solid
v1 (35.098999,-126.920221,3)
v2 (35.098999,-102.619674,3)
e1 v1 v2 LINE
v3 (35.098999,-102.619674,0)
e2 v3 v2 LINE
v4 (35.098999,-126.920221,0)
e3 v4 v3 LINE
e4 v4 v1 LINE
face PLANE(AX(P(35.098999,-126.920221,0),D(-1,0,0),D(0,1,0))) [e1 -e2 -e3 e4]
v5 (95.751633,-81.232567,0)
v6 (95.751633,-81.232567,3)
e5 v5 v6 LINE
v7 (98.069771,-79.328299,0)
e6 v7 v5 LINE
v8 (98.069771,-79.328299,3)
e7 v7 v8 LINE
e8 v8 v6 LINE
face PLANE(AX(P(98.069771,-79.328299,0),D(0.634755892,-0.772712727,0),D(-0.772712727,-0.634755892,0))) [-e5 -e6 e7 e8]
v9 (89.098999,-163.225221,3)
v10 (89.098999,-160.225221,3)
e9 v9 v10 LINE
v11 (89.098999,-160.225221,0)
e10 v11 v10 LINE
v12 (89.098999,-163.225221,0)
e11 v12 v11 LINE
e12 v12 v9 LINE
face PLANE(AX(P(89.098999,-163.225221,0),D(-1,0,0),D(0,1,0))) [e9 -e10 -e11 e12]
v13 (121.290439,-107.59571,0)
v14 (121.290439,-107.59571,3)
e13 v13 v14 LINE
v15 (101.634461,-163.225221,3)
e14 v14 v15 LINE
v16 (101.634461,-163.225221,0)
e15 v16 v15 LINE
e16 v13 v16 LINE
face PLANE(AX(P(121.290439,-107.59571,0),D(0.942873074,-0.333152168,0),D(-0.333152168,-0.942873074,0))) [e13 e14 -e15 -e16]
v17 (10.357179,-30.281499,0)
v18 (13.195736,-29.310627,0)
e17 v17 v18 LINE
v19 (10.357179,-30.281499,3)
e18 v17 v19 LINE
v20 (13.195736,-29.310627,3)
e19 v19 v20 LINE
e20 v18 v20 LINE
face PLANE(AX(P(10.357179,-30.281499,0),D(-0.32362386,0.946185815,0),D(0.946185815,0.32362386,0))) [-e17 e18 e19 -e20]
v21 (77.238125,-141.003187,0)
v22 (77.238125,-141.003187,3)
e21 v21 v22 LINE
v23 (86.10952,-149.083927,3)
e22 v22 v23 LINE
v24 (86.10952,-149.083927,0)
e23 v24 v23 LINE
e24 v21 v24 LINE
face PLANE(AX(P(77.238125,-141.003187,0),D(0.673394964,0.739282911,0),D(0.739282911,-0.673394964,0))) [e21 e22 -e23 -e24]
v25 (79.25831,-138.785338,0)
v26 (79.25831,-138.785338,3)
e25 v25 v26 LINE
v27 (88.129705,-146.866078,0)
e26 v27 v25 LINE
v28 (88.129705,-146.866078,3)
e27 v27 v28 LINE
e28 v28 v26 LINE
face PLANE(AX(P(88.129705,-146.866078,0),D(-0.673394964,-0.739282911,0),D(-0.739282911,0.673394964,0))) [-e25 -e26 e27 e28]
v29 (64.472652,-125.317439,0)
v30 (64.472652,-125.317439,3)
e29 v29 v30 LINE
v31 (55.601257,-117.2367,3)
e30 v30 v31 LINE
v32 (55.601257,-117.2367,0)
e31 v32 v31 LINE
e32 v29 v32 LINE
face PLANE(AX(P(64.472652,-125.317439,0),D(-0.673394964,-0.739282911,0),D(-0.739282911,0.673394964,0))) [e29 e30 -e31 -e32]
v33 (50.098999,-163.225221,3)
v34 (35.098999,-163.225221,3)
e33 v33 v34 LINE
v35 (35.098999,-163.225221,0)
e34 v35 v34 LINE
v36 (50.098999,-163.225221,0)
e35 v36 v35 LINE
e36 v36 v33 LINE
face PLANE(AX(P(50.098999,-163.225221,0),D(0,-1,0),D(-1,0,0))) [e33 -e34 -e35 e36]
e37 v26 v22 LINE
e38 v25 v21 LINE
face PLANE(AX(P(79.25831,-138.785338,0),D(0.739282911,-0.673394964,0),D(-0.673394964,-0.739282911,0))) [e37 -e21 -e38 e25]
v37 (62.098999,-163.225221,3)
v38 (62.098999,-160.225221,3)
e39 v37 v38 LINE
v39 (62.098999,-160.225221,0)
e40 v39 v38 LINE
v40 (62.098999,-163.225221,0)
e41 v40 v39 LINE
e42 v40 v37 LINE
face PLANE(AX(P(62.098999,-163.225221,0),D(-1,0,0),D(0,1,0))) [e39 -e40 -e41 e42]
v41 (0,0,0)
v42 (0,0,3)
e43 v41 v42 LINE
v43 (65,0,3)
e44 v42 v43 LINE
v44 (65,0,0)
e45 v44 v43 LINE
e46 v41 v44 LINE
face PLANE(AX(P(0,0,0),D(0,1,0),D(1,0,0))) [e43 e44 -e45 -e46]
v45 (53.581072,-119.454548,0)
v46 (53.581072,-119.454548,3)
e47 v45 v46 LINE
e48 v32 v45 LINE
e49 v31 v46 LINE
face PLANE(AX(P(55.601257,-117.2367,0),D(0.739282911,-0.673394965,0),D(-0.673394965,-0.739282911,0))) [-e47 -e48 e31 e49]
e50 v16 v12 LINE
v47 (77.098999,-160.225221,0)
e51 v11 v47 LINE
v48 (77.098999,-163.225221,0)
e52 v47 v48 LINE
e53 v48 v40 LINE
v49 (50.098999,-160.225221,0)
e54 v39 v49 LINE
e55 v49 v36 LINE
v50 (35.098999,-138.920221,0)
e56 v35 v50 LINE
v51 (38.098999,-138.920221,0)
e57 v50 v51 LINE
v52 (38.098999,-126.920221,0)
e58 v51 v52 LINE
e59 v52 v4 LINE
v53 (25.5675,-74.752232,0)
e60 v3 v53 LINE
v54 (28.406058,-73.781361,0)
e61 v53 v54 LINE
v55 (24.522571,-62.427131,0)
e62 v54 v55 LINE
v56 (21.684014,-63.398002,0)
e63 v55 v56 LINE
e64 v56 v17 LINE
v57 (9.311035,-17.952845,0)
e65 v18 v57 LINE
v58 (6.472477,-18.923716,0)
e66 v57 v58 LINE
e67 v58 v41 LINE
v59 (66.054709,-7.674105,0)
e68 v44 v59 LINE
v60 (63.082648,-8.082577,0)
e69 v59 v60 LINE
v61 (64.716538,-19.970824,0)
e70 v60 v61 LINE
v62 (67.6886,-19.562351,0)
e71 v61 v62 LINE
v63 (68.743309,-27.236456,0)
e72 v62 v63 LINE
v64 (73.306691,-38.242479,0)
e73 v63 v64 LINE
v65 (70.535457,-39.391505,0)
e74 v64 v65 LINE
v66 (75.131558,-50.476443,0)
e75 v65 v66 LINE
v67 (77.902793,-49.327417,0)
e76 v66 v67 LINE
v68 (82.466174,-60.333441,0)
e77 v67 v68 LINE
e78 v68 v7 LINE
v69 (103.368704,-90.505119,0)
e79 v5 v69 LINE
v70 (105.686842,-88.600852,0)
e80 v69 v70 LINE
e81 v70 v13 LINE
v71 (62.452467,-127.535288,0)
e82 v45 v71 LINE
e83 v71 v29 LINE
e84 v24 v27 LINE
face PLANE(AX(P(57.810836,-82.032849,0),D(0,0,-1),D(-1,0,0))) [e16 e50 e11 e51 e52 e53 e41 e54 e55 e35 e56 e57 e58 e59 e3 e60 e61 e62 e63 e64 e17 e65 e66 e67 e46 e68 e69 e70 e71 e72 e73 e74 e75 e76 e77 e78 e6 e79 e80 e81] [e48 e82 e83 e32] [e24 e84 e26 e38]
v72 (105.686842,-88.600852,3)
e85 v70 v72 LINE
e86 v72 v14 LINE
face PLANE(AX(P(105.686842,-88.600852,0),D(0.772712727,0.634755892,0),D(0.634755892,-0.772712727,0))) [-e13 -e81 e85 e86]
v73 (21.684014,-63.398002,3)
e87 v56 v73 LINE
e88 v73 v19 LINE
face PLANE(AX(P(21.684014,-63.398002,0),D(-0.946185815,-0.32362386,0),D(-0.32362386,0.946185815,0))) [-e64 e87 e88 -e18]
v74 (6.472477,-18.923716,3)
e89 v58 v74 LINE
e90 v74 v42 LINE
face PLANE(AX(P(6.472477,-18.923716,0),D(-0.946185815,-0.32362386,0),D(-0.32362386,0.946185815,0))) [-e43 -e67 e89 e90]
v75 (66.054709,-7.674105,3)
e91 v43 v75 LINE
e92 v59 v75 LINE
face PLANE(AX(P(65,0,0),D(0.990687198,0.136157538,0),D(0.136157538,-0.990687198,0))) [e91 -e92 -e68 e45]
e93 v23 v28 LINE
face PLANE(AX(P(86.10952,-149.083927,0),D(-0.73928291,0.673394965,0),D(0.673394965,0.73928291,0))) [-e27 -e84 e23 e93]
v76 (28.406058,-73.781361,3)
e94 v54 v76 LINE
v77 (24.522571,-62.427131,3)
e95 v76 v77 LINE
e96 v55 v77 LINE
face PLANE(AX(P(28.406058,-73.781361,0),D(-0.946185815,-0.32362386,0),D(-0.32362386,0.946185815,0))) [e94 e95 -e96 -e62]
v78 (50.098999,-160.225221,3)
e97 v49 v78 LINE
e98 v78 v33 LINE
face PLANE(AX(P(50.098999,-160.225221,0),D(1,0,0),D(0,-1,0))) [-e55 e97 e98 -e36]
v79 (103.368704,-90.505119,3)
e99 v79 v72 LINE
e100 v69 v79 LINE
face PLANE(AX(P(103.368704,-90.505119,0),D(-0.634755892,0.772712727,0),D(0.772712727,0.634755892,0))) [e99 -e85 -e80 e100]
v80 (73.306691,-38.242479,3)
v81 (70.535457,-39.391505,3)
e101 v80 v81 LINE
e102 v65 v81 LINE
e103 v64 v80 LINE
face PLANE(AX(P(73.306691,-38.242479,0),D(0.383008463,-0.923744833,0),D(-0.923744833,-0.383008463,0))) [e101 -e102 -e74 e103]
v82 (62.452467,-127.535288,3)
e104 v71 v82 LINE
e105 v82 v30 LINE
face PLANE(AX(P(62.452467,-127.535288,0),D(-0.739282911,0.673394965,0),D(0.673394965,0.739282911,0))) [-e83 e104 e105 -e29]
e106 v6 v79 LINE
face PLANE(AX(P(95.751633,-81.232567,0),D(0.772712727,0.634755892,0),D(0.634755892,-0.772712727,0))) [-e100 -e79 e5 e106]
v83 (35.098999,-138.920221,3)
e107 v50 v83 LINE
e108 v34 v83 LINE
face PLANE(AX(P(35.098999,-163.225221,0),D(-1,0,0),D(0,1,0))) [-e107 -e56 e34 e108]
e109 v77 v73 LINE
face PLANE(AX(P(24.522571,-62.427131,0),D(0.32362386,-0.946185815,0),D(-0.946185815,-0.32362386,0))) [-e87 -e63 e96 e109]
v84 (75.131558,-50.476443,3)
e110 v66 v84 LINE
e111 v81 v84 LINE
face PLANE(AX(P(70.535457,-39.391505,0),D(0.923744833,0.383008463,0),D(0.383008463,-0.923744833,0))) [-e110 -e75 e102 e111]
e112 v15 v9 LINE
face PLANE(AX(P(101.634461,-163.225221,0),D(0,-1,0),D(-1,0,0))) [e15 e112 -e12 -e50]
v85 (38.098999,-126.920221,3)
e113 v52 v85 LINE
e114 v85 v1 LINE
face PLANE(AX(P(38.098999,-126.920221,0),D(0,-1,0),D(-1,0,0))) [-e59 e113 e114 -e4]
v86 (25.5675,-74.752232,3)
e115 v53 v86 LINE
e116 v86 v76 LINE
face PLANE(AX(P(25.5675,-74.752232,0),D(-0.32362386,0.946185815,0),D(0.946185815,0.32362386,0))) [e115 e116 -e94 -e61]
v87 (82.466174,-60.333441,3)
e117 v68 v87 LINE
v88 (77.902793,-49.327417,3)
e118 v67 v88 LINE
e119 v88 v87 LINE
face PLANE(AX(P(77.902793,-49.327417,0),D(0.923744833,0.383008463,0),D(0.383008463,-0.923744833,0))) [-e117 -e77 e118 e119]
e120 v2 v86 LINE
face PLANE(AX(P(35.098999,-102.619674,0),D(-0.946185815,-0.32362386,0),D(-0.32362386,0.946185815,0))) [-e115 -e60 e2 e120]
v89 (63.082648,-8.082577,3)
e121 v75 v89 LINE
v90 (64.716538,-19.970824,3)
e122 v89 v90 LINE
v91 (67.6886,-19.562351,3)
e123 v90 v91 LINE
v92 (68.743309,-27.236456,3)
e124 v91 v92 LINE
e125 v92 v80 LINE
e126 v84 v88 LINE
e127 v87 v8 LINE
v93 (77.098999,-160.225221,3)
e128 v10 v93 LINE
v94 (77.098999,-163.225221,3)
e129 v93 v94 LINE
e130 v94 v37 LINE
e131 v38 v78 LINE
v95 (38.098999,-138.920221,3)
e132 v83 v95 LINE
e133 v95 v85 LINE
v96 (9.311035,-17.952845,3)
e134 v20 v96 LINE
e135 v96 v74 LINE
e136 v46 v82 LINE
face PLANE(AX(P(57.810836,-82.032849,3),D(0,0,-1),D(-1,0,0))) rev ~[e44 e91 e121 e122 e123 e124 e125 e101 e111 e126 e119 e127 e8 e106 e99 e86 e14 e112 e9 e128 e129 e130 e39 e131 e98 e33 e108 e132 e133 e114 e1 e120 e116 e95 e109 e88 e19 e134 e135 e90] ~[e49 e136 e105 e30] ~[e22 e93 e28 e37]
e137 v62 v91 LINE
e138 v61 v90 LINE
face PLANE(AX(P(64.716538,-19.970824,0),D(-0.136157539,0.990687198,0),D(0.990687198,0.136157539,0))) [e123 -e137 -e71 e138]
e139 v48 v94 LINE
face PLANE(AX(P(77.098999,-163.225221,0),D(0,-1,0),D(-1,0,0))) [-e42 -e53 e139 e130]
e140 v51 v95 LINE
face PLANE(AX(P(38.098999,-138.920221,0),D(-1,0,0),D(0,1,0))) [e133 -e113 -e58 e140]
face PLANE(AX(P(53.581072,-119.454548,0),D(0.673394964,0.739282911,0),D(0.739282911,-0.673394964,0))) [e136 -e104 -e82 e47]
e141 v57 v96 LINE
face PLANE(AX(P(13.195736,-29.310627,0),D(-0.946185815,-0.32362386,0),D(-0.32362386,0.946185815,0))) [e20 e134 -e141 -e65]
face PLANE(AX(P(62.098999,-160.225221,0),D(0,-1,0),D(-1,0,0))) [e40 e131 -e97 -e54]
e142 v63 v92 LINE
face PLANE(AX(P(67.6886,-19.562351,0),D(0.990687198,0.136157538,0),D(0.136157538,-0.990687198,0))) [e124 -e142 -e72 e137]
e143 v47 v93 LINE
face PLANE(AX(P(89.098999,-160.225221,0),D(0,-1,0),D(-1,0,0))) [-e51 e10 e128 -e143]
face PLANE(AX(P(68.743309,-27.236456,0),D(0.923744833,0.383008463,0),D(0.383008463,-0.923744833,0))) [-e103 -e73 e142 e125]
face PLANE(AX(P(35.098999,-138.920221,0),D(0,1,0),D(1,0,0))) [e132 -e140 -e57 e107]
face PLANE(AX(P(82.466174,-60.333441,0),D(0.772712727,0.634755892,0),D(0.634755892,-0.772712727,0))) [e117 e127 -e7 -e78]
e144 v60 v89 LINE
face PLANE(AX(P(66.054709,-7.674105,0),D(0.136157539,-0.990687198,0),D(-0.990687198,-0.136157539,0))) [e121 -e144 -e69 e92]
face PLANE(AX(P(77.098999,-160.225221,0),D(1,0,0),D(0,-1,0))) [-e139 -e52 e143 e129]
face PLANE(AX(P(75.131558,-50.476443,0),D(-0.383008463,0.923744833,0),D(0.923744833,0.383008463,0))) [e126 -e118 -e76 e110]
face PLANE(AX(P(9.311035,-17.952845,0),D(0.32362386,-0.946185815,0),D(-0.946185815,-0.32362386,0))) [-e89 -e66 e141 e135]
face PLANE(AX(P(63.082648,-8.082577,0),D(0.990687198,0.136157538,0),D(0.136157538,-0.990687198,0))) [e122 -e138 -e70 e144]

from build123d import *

# Parameters (mm, degrees)
P_IDAT_VYSUNUT_M1_DEPTH = 3


with BuildPart() as part:
    # Skica1 → Přidat vysunutím1 (new body)
    with BuildSketch(Plane.XY):
        Polygon((35.098999138, -102.619674243), (25.567500119, -74.752232196), (28.406057565, -73.781360615), (24.522571242, -62.427130832), (21.684013796, -63.398002412), (10.357178687, -30.281498877), (13.195736133, -29.310627296), (9.311034651, -17.952844725), (6.472477205, -18.923716306), (0, 0), (65, 0), (66.054709497, -7.67410463), (63.082647903, -8.082577246), (64.716538365, -19.970823625), (67.68859996, -19.562351009), (68.743309457, -27.236455639), (73.306691143, -38.242479423), (70.535456643, -39.391504813), (75.131558201, -50.476442813), (77.902792701, -49.327417423), (82.466174387, -60.333441207), (98.069771345, -79.328299093), (95.751633165, -81.232566768), (103.368703864, -90.505119489), (105.686842044, -88.600851814), (121.290439003, -107.5957097), (101.634461089, -163.225221043), (89.098999138, -163.225221043), (89.098999138, -160.225221043), (77.098999138, -160.225221043), (77.098999138, -163.225221043), (62.098999138, -163.225221043), (62.098999138, -160.225221043), (50.098999138, -160.225221043), (50.098999138, -163.225221043), (35.098999138, -163.225221043), (35.098999138, -138.920221043), (38.098999138, -138.920221043), (38.098999138, -126.920221043), (35.098999138, -126.920221043), align=None)
        Polygon((53.581071902, -119.454548354), (62.452466829, -127.535287927), (64.472651723, -125.317439195), (55.601256796, -117.236699622), align=None, mode=Mode.SUBTRACT)
        Polygon((77.238125041, -141.003187216), (86.109519967, -149.083926789), (88.129704861, -146.866078058), (79.258309934, -138.785338484), align=None, mode=Mode.SUBTRACT)
    extrude(amount=P_IDAT_VYSUNUT_M1_DEPTH)


solid = part.part
